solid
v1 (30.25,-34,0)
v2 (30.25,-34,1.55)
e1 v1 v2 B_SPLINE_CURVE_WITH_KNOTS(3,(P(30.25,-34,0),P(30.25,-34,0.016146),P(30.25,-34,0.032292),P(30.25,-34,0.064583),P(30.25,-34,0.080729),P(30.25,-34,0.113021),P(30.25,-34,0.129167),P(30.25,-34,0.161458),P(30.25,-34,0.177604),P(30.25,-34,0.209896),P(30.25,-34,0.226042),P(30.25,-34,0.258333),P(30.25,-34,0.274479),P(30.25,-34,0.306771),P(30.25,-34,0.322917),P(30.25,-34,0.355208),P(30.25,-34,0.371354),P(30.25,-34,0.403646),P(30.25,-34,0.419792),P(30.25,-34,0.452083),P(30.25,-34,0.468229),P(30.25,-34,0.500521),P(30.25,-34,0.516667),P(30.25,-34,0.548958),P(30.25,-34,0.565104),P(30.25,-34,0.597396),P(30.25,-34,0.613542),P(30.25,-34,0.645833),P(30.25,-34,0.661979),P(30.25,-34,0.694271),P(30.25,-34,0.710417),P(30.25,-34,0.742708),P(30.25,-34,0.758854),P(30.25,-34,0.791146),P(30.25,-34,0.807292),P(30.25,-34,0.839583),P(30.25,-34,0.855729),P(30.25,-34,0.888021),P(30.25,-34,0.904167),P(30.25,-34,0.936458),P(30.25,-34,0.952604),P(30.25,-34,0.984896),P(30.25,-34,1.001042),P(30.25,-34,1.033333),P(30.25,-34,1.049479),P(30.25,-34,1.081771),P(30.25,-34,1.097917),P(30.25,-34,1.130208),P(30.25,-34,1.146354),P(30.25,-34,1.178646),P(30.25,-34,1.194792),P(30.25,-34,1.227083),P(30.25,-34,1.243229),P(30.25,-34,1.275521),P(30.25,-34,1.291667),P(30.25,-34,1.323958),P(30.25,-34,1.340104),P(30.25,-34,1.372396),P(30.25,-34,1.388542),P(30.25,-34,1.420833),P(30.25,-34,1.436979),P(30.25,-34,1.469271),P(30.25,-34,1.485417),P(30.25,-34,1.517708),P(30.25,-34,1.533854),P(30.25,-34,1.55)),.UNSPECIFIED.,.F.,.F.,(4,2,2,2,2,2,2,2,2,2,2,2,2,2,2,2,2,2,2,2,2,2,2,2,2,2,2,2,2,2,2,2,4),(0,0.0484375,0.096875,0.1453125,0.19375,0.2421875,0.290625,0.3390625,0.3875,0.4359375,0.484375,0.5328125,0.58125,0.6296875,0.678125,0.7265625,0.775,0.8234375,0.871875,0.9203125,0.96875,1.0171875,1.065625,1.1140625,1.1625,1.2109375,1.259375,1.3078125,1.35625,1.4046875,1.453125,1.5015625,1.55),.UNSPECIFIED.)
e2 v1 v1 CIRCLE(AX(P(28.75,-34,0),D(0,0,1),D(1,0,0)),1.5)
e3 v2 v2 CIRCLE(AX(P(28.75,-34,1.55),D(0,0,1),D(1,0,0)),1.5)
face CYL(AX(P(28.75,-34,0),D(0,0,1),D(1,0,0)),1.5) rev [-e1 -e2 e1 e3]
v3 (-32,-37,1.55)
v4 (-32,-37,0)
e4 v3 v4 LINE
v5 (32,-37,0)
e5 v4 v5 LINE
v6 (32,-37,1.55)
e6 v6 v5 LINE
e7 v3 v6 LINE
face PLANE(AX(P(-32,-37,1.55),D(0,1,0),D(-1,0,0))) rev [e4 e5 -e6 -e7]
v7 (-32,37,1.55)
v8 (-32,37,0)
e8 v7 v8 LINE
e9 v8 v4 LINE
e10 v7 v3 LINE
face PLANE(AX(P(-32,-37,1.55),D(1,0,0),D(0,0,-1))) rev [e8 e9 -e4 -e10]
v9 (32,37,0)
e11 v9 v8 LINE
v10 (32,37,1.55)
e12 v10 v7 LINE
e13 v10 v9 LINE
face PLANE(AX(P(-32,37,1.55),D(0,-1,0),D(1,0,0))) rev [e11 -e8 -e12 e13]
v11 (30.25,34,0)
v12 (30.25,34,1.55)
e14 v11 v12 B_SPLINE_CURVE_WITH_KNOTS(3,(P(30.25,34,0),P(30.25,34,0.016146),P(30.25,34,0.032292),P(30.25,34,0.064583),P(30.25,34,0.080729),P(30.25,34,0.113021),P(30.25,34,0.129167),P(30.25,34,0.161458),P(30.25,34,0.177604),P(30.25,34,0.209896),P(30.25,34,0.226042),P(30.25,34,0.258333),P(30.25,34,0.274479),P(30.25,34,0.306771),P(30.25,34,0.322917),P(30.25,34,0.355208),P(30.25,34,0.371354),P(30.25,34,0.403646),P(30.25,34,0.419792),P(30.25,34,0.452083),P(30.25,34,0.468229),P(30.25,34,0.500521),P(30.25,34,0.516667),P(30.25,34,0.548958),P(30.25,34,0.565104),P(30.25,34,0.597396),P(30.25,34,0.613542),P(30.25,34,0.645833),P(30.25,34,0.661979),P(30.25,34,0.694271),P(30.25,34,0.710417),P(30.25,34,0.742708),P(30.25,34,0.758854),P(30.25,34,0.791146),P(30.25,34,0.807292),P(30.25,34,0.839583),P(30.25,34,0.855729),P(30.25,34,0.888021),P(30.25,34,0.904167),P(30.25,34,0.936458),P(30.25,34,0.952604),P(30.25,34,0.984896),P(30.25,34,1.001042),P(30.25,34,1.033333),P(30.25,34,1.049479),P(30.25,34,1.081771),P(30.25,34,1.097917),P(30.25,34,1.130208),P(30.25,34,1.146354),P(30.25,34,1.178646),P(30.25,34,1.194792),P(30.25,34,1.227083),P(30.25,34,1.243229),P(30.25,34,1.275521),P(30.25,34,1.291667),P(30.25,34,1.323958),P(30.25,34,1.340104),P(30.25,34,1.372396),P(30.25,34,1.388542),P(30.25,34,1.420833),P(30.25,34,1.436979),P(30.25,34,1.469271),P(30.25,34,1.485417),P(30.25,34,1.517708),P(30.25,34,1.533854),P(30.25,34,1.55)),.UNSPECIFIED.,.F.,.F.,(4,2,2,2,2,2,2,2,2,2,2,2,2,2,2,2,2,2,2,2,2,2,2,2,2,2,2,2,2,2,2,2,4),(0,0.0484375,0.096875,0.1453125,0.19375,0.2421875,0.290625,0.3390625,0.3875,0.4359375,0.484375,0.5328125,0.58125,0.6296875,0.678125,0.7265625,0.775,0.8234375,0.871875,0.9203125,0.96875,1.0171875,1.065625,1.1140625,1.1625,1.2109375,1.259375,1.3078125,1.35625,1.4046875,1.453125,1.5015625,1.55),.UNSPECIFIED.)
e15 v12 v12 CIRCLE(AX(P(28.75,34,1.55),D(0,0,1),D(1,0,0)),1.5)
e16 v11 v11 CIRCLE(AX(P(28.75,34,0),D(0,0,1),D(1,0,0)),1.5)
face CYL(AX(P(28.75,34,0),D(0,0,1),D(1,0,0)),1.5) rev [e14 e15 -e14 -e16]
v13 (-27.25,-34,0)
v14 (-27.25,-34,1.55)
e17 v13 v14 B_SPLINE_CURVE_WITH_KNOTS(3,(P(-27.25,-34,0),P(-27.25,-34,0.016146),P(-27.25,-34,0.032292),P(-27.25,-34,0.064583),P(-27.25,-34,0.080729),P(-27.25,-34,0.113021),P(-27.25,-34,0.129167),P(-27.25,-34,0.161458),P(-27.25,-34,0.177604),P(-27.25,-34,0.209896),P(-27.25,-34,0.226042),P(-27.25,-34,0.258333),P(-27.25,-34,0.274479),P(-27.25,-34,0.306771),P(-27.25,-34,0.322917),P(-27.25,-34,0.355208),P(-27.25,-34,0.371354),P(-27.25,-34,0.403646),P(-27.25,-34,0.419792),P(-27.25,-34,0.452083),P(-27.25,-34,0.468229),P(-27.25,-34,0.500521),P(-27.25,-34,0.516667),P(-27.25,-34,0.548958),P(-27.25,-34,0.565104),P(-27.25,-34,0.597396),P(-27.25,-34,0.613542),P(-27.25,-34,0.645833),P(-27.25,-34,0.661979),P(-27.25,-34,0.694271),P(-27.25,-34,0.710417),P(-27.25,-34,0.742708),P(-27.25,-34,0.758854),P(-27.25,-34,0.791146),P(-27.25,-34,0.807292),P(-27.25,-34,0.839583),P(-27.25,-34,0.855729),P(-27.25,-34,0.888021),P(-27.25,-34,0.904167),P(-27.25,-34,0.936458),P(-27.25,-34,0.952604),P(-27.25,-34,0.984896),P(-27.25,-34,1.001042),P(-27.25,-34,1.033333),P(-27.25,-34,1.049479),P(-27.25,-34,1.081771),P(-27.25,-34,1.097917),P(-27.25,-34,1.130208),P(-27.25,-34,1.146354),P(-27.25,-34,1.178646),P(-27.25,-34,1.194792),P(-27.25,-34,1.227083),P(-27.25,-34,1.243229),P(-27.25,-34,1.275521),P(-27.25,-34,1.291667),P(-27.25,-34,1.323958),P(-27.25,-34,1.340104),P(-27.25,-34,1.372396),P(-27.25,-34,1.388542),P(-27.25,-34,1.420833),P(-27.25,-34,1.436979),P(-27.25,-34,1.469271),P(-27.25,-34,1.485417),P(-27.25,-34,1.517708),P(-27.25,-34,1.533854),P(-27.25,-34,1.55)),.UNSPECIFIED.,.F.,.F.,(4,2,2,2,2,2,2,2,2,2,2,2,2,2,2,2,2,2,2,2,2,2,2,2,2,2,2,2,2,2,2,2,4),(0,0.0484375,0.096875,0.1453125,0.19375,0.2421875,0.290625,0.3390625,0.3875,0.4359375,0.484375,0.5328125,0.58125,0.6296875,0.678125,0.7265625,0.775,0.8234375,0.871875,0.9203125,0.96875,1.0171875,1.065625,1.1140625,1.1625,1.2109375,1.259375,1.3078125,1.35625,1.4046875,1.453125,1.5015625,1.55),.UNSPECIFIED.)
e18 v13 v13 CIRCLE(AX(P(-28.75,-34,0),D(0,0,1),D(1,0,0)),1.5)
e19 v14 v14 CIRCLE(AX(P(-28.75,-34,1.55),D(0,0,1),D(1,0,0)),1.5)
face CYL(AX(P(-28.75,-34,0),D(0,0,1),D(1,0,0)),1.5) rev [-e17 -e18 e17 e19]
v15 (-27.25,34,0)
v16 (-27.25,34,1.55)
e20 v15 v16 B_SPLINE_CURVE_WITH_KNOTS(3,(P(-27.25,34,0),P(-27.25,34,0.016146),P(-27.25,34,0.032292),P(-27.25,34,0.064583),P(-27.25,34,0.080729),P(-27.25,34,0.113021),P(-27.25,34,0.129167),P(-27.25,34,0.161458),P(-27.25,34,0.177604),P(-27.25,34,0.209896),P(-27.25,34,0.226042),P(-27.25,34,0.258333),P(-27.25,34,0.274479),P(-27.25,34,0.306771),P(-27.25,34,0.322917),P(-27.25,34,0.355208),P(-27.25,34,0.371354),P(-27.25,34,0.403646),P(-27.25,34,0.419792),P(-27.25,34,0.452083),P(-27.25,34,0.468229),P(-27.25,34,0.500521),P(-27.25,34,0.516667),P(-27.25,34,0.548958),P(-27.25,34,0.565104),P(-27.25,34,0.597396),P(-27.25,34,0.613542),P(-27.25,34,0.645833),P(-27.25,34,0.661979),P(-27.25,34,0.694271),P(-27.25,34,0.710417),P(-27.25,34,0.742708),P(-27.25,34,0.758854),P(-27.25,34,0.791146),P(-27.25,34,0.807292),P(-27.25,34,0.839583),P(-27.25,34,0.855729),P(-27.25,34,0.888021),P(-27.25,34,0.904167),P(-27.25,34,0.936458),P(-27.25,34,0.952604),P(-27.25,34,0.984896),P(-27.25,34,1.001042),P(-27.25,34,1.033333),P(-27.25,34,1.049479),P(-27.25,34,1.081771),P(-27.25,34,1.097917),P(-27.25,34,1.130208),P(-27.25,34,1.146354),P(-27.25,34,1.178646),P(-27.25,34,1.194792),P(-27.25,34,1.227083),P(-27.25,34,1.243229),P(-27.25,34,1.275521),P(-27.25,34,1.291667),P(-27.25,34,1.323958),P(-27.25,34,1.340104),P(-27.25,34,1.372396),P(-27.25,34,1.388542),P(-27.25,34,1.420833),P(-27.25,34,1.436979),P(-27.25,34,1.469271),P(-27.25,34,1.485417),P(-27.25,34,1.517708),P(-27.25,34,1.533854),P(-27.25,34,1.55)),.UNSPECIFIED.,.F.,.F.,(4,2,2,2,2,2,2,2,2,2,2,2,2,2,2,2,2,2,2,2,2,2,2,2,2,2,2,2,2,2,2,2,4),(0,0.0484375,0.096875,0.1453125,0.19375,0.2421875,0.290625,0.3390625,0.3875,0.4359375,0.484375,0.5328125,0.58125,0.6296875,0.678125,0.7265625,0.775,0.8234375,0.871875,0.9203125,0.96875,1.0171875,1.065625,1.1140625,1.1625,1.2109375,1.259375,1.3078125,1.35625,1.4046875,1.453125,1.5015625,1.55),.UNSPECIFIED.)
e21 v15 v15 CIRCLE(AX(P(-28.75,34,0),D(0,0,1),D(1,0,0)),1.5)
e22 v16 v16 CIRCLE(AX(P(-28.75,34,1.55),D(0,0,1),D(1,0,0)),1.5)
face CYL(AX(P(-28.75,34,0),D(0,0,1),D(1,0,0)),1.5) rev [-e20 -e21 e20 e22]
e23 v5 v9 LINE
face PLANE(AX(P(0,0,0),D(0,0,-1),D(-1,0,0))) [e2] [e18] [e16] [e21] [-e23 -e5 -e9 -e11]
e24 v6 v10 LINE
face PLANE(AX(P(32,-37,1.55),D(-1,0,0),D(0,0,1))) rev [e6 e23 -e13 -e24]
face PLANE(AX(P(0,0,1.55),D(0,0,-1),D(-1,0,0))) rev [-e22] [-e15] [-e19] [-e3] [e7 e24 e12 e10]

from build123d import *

# Parameters (mm, degrees)
SKETCH_1_W          = 64
SKETCH_1_H          = 74
EXTRUDE_1_DEPTH     = 1.55
SKETCH_2_R          = 1.5
CUT_EXTRUDE_1_DEPTH = 1.55


with BuildPart() as part:
    # 草图1 → 凸台-拉伸1 (new body)
    with BuildSketch(Plane.XY):
        Rectangle(SKETCH_1_W, SKETCH_1_H)
    extrude(amount=EXTRUDE_1_DEPTH)

    # 草图2 → 切除-拉伸1 (cut)
    with BuildSketch(Plane.XY.offset(1.55)):
        with Locations((-28.75, 34)):
            Circle(SKETCH_2_R)
        with Locations((28.75, 34)):
            Circle(SKETCH_2_R)
        with Locations((28.75, -34)):
            Circle(SKETCH_2_R)
        with Locations((-28.75, -34)):
            Circle(SKETCH_2_R)
    extrude(amount=-CUT_EXTRUDE_1_DEPTH, mode=Mode.SUBTRACT)


solid = part.part
